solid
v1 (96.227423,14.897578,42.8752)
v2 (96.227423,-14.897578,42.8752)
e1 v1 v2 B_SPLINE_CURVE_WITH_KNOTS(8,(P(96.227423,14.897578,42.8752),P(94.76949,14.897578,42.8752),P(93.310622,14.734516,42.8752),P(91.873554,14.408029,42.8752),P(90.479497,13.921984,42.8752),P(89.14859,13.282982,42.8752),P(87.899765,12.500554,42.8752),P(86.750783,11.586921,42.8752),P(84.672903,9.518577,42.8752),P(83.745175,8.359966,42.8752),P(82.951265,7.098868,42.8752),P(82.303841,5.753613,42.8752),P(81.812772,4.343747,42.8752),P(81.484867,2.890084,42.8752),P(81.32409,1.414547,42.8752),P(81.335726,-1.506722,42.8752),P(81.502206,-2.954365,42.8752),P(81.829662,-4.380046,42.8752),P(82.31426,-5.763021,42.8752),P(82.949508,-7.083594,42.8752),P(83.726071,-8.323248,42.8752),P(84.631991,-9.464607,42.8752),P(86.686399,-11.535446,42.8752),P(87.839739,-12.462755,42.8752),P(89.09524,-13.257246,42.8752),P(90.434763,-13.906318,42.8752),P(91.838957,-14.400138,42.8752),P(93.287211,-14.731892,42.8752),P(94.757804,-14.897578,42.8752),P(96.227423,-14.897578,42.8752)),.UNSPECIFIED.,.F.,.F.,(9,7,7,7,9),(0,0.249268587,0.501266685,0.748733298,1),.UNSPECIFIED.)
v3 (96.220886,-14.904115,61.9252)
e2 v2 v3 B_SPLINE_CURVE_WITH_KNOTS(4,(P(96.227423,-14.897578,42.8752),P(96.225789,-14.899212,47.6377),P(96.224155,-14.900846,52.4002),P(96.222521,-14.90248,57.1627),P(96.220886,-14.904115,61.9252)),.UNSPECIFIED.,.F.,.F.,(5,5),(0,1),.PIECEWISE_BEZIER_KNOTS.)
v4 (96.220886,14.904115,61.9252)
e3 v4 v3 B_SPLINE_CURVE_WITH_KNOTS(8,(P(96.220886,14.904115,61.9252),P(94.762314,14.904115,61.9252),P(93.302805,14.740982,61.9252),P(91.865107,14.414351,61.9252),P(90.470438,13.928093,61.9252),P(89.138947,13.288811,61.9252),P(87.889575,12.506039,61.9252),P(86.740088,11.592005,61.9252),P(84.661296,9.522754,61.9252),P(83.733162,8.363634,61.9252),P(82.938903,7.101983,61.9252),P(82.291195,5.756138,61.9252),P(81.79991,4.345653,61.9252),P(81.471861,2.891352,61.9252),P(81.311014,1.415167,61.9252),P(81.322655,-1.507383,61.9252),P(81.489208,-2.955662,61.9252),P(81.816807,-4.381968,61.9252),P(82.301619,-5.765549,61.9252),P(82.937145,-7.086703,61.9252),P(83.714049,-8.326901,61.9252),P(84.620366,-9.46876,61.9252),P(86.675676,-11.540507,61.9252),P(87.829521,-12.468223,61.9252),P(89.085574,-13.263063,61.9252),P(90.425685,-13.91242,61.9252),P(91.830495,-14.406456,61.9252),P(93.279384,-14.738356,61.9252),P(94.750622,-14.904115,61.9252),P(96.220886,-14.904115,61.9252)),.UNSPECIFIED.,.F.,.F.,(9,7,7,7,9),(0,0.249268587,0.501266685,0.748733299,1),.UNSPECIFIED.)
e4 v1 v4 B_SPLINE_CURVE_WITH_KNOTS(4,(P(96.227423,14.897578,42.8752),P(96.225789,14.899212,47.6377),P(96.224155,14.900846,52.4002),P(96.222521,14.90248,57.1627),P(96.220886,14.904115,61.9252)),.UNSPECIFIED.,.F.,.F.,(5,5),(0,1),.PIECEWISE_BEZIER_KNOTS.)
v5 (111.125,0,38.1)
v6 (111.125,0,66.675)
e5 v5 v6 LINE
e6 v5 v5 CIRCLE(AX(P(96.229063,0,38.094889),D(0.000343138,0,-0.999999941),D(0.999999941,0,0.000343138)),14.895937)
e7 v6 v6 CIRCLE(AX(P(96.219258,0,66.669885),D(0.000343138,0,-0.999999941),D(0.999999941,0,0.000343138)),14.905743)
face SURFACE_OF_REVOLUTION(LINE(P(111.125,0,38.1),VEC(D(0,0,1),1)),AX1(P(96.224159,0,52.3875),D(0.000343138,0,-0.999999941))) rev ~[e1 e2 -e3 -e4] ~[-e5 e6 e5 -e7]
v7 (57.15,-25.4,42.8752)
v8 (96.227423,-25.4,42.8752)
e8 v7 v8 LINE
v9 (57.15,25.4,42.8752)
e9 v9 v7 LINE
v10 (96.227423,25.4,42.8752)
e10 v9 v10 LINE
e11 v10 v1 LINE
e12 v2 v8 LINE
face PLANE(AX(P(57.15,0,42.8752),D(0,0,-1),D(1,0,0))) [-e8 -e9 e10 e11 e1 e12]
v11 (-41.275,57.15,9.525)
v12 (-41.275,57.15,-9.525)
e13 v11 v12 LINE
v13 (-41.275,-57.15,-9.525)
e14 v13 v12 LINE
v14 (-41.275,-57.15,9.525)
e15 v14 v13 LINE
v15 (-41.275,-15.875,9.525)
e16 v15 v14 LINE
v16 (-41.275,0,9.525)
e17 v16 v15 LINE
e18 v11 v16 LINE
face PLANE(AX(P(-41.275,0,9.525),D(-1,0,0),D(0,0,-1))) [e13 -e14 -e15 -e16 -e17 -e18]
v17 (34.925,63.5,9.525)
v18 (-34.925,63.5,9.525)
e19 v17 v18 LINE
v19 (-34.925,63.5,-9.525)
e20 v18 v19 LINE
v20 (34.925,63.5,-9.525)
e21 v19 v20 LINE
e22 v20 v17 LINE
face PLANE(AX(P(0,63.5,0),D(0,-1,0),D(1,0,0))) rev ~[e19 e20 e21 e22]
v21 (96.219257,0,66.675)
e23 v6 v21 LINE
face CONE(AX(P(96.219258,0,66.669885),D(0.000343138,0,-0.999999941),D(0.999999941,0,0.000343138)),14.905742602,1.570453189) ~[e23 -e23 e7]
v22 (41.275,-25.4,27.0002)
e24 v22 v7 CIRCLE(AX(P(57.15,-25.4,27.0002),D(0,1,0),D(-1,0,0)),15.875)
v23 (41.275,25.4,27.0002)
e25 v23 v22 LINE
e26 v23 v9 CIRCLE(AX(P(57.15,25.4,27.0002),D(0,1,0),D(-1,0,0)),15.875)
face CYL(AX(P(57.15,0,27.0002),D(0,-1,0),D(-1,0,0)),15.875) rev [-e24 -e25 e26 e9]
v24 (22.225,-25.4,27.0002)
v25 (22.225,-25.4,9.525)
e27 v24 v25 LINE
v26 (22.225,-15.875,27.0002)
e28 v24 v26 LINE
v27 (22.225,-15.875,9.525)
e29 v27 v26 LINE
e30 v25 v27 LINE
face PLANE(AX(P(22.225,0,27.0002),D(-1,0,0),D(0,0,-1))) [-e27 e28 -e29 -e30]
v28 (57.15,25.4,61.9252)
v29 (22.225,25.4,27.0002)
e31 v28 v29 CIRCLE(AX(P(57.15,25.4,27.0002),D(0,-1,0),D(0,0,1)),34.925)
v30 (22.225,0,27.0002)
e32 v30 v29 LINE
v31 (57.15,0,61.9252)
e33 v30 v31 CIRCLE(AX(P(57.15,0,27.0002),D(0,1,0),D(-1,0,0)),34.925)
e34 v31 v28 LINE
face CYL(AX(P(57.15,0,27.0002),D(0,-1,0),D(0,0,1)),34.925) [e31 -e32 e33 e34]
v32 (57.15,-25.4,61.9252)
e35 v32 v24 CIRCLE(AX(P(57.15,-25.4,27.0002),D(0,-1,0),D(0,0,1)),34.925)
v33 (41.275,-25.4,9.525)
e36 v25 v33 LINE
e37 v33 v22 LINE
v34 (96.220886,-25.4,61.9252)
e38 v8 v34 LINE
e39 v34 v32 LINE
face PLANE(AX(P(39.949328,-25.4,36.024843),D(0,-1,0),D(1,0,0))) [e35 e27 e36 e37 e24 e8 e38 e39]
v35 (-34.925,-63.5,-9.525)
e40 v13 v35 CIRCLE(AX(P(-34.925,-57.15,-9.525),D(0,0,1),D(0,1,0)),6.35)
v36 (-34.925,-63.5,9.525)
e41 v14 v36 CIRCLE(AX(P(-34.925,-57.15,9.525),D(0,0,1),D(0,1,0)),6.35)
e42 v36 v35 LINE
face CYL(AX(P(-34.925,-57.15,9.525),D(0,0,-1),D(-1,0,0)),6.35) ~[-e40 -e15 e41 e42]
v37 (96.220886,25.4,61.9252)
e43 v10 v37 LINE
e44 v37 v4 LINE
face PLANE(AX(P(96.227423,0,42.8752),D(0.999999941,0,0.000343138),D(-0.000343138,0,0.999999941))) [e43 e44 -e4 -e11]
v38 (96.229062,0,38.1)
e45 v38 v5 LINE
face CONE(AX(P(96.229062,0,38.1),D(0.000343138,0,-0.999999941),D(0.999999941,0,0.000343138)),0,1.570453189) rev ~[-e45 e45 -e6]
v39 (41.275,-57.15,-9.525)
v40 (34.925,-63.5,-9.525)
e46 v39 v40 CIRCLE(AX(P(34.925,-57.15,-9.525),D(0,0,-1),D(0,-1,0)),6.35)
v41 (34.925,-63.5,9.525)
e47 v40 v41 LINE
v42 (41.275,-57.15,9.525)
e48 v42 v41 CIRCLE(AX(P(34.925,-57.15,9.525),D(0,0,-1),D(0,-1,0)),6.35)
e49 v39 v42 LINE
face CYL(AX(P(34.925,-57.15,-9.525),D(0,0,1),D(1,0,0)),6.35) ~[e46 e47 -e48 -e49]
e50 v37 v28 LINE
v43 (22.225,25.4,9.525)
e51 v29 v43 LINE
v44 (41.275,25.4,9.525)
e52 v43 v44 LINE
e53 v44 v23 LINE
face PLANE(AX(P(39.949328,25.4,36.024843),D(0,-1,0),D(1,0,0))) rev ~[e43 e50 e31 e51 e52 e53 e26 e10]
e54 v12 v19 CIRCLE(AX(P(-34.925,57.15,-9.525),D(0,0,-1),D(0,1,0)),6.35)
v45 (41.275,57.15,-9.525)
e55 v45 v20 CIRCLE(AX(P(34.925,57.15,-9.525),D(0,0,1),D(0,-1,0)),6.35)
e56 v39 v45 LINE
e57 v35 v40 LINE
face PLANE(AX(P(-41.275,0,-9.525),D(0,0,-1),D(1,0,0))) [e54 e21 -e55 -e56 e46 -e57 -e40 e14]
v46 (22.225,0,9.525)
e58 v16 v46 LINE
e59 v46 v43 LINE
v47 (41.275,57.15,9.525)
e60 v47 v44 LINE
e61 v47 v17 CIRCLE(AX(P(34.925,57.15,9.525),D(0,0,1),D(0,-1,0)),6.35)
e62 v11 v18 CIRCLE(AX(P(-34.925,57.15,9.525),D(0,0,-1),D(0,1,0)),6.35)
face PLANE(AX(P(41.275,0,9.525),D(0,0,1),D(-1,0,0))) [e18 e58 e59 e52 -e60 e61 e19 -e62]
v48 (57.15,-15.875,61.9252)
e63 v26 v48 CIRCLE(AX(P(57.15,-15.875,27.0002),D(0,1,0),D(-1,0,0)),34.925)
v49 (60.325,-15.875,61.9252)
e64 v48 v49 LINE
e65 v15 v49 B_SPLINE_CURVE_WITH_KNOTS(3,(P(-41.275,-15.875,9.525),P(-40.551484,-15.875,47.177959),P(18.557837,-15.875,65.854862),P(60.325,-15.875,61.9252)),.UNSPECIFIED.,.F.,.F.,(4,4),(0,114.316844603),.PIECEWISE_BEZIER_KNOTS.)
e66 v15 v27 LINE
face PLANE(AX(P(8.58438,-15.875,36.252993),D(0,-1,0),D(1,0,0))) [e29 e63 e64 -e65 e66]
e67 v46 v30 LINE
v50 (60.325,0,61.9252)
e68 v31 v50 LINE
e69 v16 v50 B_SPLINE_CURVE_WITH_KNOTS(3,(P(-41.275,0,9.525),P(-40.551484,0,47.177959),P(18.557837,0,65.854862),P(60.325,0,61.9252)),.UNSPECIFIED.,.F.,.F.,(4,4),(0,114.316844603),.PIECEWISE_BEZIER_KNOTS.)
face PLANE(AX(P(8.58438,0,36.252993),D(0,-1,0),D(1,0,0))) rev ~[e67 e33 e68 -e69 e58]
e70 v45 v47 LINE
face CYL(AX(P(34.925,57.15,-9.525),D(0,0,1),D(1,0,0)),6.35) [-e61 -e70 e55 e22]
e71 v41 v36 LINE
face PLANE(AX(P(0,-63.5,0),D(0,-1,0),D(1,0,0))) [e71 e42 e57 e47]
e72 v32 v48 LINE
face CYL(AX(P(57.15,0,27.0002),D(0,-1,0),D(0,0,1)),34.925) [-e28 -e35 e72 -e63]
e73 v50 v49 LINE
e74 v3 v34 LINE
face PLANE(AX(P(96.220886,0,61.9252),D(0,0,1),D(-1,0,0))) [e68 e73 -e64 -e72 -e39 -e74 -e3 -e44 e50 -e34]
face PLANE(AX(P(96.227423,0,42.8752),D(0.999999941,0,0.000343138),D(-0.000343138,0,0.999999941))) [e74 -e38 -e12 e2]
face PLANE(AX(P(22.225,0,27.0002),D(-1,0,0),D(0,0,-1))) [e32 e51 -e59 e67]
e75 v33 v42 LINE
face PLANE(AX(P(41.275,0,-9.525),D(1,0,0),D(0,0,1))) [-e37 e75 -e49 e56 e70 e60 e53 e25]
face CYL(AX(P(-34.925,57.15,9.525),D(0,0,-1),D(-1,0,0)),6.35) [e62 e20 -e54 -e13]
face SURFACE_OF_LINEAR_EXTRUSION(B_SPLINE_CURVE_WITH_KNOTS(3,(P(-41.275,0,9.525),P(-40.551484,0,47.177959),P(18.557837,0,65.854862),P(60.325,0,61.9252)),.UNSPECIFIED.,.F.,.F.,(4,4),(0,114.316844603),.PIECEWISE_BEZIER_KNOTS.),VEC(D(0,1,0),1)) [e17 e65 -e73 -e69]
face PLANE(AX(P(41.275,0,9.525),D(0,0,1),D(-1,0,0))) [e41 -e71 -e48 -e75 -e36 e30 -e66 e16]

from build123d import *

# Parameters (mm, degrees)
F1_DEPTH = 63.5
F2_DEPTH = 25.4
F3_DEPTH = 15.875
F5_R     = 6.35


with BuildPart() as f1:
    # F0 (on Front) → F1 (new body, symmetric)
    with BuildSketch(Plane.XZ):
        Polygon((41.275, -9.525), (41.275, 9.525), (22.225, 9.525), (-41.275, 9.525), (-41.275, -9.525), align=None)
    extrude(amount=F1_DEPTH, both=True)

    # F0 (on Front) → F2 (join, symmetric)
    with BuildSketch(Plane.XZ):
        with BuildLine():
            Line((22.225, 9.525), (41.275, 9.525))
            Line((41.275, 9.525), (41.275, 27.0002))
            ThreePointArc((41.275, 27.0002), (45.9246798487, 38.2255201513), (57.15, 42.8752))
            Line((57.15, 42.8752), (60.325, 42.8752))
            Line((60.325, 42.8752), (60.325, 61.9252))
            Line((60.325, 61.9252), (57.15, 61.9252))
            ThreePointArc((57.15, 61.9252), (32.4542956671, 51.6959043329), (22.225, 27.0002))
            Line((22.225, 27.0002), (22.225, 9.525))
        make_face()
        Polygon((96.2208863549, 61.9252), (60.325, 61.9252), (60.325, 42.8752), (96.2274231248, 42.8752), align=None)
    extrude(amount=F2_DEPTH, both=True)

    # F0 (on Front) → F3 (join)
    with BuildSketch(Plane.XZ):
        with BuildLine():
            Line((-41.275, 9.525), (22.225, 9.525))
            Line((22.225, 9.525), (22.225, 27.0002))
            ThreePointArc((22.225, 27.0002), (32.4542956671, 51.6959043329), (57.15, 61.9252))
            Line((57.15, 61.9252), (60.325, 61.9252))
            add(Edge.make_bspline(
                [(-41.275, 9.525), (-40.5514836311, 47.1779592335), (18.5578372329, 65.8548623323), (60.325, 61.9252)],
                knots=[0, 0, 0, 0, 114.3168446032, 114.3168446032, 114.3168446032, 114.3168446032], degree=3))
        make_face()
    extrude(amount=F3_DEPTH)

    # F0 (on Front) → F4 (revolve)
    with BuildSketch(Plane.XZ):
        Polygon((96.2192565203, 66.675), (96.2208863549, 61.9252), (96.2274231248, 42.8752), (96.2290616752, 38.1), (111.125, 38.1), (111.125, 66.675), align=None)
    revolve(axis=Axis((96.2241590977, 0, 52.3875), (0.0003431375, 0, -0.9999999411)))

    # F5
    f5_edges = [f1.edges().sort_by_distance(p)[0] for p in [
        (41.275, -63.5, 0),
        (-41.275, -63.5, 0),
        (-41.275, 63.5, 0),
        (41.275, 63.5, 0),
    ]]
    fillet(f5_edges, radius=F5_R)


solid = f1.part
